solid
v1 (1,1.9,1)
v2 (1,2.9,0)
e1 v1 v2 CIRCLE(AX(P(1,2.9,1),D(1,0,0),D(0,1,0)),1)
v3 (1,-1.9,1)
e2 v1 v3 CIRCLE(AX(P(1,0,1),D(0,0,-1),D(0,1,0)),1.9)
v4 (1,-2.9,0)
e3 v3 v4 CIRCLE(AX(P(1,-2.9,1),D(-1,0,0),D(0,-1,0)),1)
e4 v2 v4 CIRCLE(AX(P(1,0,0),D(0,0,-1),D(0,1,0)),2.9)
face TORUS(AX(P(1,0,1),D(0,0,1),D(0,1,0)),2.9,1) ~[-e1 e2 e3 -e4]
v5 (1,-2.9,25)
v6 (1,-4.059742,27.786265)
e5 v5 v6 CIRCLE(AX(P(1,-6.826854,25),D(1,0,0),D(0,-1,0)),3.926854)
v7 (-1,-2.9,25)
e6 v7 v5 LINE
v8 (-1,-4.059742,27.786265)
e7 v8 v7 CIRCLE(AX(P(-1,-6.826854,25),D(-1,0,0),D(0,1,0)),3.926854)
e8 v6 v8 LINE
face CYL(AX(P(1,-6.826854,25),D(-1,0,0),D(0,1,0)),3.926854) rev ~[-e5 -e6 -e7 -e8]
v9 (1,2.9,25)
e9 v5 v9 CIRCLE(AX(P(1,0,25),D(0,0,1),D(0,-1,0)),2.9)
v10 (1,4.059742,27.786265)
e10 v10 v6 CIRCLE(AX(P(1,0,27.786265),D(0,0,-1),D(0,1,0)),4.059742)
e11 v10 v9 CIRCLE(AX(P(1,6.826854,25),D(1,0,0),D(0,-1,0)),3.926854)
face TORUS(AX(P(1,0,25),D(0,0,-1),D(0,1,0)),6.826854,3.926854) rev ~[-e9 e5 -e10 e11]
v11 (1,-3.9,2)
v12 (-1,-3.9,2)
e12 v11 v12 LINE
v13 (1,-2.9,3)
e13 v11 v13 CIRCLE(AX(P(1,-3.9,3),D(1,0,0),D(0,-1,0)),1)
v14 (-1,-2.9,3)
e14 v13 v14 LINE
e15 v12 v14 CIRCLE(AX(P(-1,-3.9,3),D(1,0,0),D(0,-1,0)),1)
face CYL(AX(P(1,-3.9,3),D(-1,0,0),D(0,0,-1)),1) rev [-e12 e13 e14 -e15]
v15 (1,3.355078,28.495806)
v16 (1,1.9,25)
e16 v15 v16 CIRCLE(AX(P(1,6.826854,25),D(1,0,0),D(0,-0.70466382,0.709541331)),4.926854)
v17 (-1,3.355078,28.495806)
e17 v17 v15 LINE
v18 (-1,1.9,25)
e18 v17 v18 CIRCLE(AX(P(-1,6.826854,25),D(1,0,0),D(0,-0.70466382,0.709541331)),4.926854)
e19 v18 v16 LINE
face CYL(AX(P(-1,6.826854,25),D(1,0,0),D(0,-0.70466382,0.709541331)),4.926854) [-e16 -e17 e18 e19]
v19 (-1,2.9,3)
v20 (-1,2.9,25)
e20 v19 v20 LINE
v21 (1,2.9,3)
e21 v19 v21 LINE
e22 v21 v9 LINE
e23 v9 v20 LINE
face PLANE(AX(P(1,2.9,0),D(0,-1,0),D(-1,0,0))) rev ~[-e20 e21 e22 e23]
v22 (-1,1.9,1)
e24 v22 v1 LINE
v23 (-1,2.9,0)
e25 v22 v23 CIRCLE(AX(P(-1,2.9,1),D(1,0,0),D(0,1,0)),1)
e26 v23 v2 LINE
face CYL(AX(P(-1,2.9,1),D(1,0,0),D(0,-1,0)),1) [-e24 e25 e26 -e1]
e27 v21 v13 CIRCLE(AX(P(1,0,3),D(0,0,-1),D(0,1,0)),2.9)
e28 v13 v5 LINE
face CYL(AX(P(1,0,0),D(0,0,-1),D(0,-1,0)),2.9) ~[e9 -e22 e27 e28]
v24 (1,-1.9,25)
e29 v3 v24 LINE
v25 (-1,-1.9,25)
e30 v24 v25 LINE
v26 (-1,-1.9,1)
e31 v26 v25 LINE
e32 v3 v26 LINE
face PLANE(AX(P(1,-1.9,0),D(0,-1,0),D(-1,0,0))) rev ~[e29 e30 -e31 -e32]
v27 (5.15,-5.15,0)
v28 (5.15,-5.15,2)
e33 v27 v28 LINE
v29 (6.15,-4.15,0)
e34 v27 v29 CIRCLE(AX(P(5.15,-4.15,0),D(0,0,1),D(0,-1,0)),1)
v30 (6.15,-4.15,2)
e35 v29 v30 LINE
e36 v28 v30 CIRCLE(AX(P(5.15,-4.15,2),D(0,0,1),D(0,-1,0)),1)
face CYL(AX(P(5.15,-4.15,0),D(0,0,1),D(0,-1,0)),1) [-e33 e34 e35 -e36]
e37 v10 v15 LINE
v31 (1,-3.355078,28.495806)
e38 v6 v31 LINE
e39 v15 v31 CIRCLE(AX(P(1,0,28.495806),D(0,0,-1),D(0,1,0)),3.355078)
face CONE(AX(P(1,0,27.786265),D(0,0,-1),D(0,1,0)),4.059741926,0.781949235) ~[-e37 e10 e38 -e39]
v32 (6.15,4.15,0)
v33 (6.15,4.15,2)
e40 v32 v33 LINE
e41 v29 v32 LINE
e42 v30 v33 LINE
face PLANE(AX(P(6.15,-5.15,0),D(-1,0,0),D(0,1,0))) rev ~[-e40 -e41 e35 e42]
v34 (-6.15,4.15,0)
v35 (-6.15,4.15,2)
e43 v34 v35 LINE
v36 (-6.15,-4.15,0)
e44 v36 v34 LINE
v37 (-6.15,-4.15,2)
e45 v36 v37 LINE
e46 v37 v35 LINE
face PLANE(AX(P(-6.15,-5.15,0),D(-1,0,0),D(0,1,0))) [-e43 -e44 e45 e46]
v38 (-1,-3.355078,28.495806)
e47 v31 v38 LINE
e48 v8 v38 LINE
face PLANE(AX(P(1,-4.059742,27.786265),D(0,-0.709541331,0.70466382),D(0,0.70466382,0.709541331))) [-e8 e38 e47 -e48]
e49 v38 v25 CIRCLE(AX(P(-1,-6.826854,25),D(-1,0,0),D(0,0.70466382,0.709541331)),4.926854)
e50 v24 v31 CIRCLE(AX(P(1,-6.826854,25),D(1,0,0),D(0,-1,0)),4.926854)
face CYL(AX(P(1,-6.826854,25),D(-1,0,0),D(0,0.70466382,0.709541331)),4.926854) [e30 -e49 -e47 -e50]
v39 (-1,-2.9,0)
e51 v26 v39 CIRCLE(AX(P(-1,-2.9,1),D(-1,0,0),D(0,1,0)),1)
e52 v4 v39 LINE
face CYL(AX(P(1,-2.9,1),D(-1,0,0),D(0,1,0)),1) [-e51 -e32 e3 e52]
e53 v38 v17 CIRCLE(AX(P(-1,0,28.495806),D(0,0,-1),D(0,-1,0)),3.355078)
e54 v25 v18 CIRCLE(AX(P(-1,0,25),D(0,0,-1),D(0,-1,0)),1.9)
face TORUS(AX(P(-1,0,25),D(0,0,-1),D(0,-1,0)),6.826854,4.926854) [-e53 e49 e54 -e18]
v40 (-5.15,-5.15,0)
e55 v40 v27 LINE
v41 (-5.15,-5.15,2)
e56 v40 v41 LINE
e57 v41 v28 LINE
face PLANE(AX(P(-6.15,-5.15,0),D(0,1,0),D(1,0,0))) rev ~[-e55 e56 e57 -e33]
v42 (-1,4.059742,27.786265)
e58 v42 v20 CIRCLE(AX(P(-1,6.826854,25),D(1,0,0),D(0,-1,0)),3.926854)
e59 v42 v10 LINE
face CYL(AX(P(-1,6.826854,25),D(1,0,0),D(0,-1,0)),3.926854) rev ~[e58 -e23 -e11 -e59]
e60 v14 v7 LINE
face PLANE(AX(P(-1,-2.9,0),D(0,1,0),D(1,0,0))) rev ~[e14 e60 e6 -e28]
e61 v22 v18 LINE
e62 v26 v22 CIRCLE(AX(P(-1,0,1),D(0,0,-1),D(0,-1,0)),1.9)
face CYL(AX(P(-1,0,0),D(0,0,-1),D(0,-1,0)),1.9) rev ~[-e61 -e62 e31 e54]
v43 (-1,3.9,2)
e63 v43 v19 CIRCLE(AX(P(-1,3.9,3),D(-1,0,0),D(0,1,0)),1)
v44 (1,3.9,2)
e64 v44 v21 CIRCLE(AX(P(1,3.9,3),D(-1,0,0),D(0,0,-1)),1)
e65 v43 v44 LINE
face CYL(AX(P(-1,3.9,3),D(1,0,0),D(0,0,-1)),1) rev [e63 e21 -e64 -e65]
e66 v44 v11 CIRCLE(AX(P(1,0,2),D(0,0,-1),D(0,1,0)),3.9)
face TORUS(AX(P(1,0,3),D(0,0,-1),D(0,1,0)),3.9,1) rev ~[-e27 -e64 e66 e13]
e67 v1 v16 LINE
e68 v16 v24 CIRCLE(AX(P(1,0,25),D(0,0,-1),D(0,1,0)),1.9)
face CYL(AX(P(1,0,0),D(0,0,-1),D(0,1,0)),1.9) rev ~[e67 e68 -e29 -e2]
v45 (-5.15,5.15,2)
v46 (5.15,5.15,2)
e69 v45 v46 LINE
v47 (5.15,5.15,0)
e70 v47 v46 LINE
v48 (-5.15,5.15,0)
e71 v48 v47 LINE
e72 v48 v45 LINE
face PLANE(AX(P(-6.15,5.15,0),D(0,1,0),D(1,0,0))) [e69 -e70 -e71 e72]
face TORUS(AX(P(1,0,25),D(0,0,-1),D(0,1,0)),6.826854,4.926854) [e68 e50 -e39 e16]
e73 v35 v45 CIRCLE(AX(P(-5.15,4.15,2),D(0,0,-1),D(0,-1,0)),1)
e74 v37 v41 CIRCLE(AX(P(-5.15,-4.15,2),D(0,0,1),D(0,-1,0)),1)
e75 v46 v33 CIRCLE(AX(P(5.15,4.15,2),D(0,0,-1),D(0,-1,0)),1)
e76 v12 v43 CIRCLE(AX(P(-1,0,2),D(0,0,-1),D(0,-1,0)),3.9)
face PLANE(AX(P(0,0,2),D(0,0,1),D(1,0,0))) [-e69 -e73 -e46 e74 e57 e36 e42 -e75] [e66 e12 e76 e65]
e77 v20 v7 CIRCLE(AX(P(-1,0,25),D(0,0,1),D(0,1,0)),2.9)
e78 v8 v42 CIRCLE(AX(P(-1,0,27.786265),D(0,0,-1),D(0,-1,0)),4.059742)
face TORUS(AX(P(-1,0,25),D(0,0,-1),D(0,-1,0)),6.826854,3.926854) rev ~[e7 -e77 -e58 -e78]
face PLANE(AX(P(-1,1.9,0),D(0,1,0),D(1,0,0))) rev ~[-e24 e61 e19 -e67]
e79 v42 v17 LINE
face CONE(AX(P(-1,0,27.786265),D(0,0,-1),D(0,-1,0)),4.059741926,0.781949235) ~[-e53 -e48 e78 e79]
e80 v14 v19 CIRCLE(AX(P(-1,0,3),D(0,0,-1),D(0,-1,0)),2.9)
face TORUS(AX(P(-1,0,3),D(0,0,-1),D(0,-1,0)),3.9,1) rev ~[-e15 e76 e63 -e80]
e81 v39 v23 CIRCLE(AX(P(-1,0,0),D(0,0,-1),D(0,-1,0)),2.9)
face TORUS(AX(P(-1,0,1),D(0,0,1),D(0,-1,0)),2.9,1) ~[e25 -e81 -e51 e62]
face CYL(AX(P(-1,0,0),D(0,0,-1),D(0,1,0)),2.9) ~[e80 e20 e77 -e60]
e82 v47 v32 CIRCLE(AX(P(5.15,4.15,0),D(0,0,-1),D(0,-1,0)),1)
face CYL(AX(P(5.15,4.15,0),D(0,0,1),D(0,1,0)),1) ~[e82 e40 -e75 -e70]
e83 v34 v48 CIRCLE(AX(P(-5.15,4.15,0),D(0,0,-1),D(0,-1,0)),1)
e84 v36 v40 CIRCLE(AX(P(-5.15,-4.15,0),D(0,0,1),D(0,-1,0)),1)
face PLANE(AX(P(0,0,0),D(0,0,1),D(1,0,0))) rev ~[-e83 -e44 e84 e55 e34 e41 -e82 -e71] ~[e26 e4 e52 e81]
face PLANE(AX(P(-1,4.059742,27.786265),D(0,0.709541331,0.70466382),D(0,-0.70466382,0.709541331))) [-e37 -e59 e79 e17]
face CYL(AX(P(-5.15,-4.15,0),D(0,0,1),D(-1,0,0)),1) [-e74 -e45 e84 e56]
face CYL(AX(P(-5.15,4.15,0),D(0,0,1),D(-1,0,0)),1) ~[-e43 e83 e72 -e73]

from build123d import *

# Parameters (mm, degrees)
F0_W     = 12.3
F0_H     = 10.3
F1_DEPTH = 2
F2_DEPTH = 25
F3_R     = 1


with BuildPart() as f1:
    # F0 (on Top) → F1 (new body)
    with BuildSketch(Plane.XY):
        Rectangle(F0_W, F0_H)
        with BuildLine():
            ThreePointArc((1, 2.9), (3.9, 0), (1, -2.9))
            Line((1, -2.9), (-1, -2.9))
            ThreePointArc((-1, -2.9), (-3.9, 0), (-1, 2.9))
            Line((-1, 2.9), (1, 2.9))
        make_face(mode=Mode.SUBTRACT)
    extrude(amount=F1_DEPTH)

    # F0 (on Top) → F2 (join)
    with BuildSketch(Plane.XY):
        with BuildLine():
            Line((-1, -2.9), (1, -2.9))
            ThreePointArc((1, -2.9), (3.9, 0), (1, 2.9))
            Line((1, 2.9), (-1, 2.9))
            ThreePointArc((-1, 2.9), (-3.9, 0), (-1, -2.9))
        make_face()
        with BuildLine():
            ThreePointArc((-1, -1.9), (-2.9, 0), (-1, 1.9))
            Line((-1, 1.9), (1, 1.9))
            ThreePointArc((1, 1.9), (2.9, 0), (1, -1.9))
            Line((1, -1.9), (-1, -1.9))
        make_face(mode=Mode.SUBTRACT)
    extrude(amount=F2_DEPTH)

    # F3
    f3_edges = [f1.edges().sort_by_distance(p)[0] for p in [
        (-3.9, 0, 2),
        (-6.15, 5.15, 1),
        (6.15, 5.15, 1),
        (6.15, -5.15, 1),
        (-6.15, -5.15, 1),
        (2.9, 0, 0),
    ]]
    fillet(f3_edges, radius=F3_R)

    # F5: sweep along a path in F5_path
    with BuildLine(Plane(origin=(-1, 1.9, 25), x_dir=(0, -1, 0), z_dir=(0, 0, -1))) as f5_path:
        Line((0, 0), (0, -2))
        ThreePointArc((0, -2), (1.9, -3.9), (3.8, -2))
        Line((3.8, -2), (3.8, 0))
        ThreePointArc((3.8, 0), (1.9, 1.9), (0, 0))
    # F4 (on Front) → F5 (sweep)
    with BuildSketch(Plane.XZ):
        with BuildLine():
            ThreePointArc((4.3550781059, 28.4958062232), (3.2782925097, 26.8932718666), (2.9, 25))
            Line((2.9, 25), (3.9, 25))
            ThreePointArc((3.9, 25), (4.201510745, 26.5089958069), (5.0597419257, 27.7862648917))
            Line((5.0597419257, 27.7862648917), (4.3550781059, 28.4958062232))
        make_face()
    sweep(path=f5_path.line)


solid = f1.part
